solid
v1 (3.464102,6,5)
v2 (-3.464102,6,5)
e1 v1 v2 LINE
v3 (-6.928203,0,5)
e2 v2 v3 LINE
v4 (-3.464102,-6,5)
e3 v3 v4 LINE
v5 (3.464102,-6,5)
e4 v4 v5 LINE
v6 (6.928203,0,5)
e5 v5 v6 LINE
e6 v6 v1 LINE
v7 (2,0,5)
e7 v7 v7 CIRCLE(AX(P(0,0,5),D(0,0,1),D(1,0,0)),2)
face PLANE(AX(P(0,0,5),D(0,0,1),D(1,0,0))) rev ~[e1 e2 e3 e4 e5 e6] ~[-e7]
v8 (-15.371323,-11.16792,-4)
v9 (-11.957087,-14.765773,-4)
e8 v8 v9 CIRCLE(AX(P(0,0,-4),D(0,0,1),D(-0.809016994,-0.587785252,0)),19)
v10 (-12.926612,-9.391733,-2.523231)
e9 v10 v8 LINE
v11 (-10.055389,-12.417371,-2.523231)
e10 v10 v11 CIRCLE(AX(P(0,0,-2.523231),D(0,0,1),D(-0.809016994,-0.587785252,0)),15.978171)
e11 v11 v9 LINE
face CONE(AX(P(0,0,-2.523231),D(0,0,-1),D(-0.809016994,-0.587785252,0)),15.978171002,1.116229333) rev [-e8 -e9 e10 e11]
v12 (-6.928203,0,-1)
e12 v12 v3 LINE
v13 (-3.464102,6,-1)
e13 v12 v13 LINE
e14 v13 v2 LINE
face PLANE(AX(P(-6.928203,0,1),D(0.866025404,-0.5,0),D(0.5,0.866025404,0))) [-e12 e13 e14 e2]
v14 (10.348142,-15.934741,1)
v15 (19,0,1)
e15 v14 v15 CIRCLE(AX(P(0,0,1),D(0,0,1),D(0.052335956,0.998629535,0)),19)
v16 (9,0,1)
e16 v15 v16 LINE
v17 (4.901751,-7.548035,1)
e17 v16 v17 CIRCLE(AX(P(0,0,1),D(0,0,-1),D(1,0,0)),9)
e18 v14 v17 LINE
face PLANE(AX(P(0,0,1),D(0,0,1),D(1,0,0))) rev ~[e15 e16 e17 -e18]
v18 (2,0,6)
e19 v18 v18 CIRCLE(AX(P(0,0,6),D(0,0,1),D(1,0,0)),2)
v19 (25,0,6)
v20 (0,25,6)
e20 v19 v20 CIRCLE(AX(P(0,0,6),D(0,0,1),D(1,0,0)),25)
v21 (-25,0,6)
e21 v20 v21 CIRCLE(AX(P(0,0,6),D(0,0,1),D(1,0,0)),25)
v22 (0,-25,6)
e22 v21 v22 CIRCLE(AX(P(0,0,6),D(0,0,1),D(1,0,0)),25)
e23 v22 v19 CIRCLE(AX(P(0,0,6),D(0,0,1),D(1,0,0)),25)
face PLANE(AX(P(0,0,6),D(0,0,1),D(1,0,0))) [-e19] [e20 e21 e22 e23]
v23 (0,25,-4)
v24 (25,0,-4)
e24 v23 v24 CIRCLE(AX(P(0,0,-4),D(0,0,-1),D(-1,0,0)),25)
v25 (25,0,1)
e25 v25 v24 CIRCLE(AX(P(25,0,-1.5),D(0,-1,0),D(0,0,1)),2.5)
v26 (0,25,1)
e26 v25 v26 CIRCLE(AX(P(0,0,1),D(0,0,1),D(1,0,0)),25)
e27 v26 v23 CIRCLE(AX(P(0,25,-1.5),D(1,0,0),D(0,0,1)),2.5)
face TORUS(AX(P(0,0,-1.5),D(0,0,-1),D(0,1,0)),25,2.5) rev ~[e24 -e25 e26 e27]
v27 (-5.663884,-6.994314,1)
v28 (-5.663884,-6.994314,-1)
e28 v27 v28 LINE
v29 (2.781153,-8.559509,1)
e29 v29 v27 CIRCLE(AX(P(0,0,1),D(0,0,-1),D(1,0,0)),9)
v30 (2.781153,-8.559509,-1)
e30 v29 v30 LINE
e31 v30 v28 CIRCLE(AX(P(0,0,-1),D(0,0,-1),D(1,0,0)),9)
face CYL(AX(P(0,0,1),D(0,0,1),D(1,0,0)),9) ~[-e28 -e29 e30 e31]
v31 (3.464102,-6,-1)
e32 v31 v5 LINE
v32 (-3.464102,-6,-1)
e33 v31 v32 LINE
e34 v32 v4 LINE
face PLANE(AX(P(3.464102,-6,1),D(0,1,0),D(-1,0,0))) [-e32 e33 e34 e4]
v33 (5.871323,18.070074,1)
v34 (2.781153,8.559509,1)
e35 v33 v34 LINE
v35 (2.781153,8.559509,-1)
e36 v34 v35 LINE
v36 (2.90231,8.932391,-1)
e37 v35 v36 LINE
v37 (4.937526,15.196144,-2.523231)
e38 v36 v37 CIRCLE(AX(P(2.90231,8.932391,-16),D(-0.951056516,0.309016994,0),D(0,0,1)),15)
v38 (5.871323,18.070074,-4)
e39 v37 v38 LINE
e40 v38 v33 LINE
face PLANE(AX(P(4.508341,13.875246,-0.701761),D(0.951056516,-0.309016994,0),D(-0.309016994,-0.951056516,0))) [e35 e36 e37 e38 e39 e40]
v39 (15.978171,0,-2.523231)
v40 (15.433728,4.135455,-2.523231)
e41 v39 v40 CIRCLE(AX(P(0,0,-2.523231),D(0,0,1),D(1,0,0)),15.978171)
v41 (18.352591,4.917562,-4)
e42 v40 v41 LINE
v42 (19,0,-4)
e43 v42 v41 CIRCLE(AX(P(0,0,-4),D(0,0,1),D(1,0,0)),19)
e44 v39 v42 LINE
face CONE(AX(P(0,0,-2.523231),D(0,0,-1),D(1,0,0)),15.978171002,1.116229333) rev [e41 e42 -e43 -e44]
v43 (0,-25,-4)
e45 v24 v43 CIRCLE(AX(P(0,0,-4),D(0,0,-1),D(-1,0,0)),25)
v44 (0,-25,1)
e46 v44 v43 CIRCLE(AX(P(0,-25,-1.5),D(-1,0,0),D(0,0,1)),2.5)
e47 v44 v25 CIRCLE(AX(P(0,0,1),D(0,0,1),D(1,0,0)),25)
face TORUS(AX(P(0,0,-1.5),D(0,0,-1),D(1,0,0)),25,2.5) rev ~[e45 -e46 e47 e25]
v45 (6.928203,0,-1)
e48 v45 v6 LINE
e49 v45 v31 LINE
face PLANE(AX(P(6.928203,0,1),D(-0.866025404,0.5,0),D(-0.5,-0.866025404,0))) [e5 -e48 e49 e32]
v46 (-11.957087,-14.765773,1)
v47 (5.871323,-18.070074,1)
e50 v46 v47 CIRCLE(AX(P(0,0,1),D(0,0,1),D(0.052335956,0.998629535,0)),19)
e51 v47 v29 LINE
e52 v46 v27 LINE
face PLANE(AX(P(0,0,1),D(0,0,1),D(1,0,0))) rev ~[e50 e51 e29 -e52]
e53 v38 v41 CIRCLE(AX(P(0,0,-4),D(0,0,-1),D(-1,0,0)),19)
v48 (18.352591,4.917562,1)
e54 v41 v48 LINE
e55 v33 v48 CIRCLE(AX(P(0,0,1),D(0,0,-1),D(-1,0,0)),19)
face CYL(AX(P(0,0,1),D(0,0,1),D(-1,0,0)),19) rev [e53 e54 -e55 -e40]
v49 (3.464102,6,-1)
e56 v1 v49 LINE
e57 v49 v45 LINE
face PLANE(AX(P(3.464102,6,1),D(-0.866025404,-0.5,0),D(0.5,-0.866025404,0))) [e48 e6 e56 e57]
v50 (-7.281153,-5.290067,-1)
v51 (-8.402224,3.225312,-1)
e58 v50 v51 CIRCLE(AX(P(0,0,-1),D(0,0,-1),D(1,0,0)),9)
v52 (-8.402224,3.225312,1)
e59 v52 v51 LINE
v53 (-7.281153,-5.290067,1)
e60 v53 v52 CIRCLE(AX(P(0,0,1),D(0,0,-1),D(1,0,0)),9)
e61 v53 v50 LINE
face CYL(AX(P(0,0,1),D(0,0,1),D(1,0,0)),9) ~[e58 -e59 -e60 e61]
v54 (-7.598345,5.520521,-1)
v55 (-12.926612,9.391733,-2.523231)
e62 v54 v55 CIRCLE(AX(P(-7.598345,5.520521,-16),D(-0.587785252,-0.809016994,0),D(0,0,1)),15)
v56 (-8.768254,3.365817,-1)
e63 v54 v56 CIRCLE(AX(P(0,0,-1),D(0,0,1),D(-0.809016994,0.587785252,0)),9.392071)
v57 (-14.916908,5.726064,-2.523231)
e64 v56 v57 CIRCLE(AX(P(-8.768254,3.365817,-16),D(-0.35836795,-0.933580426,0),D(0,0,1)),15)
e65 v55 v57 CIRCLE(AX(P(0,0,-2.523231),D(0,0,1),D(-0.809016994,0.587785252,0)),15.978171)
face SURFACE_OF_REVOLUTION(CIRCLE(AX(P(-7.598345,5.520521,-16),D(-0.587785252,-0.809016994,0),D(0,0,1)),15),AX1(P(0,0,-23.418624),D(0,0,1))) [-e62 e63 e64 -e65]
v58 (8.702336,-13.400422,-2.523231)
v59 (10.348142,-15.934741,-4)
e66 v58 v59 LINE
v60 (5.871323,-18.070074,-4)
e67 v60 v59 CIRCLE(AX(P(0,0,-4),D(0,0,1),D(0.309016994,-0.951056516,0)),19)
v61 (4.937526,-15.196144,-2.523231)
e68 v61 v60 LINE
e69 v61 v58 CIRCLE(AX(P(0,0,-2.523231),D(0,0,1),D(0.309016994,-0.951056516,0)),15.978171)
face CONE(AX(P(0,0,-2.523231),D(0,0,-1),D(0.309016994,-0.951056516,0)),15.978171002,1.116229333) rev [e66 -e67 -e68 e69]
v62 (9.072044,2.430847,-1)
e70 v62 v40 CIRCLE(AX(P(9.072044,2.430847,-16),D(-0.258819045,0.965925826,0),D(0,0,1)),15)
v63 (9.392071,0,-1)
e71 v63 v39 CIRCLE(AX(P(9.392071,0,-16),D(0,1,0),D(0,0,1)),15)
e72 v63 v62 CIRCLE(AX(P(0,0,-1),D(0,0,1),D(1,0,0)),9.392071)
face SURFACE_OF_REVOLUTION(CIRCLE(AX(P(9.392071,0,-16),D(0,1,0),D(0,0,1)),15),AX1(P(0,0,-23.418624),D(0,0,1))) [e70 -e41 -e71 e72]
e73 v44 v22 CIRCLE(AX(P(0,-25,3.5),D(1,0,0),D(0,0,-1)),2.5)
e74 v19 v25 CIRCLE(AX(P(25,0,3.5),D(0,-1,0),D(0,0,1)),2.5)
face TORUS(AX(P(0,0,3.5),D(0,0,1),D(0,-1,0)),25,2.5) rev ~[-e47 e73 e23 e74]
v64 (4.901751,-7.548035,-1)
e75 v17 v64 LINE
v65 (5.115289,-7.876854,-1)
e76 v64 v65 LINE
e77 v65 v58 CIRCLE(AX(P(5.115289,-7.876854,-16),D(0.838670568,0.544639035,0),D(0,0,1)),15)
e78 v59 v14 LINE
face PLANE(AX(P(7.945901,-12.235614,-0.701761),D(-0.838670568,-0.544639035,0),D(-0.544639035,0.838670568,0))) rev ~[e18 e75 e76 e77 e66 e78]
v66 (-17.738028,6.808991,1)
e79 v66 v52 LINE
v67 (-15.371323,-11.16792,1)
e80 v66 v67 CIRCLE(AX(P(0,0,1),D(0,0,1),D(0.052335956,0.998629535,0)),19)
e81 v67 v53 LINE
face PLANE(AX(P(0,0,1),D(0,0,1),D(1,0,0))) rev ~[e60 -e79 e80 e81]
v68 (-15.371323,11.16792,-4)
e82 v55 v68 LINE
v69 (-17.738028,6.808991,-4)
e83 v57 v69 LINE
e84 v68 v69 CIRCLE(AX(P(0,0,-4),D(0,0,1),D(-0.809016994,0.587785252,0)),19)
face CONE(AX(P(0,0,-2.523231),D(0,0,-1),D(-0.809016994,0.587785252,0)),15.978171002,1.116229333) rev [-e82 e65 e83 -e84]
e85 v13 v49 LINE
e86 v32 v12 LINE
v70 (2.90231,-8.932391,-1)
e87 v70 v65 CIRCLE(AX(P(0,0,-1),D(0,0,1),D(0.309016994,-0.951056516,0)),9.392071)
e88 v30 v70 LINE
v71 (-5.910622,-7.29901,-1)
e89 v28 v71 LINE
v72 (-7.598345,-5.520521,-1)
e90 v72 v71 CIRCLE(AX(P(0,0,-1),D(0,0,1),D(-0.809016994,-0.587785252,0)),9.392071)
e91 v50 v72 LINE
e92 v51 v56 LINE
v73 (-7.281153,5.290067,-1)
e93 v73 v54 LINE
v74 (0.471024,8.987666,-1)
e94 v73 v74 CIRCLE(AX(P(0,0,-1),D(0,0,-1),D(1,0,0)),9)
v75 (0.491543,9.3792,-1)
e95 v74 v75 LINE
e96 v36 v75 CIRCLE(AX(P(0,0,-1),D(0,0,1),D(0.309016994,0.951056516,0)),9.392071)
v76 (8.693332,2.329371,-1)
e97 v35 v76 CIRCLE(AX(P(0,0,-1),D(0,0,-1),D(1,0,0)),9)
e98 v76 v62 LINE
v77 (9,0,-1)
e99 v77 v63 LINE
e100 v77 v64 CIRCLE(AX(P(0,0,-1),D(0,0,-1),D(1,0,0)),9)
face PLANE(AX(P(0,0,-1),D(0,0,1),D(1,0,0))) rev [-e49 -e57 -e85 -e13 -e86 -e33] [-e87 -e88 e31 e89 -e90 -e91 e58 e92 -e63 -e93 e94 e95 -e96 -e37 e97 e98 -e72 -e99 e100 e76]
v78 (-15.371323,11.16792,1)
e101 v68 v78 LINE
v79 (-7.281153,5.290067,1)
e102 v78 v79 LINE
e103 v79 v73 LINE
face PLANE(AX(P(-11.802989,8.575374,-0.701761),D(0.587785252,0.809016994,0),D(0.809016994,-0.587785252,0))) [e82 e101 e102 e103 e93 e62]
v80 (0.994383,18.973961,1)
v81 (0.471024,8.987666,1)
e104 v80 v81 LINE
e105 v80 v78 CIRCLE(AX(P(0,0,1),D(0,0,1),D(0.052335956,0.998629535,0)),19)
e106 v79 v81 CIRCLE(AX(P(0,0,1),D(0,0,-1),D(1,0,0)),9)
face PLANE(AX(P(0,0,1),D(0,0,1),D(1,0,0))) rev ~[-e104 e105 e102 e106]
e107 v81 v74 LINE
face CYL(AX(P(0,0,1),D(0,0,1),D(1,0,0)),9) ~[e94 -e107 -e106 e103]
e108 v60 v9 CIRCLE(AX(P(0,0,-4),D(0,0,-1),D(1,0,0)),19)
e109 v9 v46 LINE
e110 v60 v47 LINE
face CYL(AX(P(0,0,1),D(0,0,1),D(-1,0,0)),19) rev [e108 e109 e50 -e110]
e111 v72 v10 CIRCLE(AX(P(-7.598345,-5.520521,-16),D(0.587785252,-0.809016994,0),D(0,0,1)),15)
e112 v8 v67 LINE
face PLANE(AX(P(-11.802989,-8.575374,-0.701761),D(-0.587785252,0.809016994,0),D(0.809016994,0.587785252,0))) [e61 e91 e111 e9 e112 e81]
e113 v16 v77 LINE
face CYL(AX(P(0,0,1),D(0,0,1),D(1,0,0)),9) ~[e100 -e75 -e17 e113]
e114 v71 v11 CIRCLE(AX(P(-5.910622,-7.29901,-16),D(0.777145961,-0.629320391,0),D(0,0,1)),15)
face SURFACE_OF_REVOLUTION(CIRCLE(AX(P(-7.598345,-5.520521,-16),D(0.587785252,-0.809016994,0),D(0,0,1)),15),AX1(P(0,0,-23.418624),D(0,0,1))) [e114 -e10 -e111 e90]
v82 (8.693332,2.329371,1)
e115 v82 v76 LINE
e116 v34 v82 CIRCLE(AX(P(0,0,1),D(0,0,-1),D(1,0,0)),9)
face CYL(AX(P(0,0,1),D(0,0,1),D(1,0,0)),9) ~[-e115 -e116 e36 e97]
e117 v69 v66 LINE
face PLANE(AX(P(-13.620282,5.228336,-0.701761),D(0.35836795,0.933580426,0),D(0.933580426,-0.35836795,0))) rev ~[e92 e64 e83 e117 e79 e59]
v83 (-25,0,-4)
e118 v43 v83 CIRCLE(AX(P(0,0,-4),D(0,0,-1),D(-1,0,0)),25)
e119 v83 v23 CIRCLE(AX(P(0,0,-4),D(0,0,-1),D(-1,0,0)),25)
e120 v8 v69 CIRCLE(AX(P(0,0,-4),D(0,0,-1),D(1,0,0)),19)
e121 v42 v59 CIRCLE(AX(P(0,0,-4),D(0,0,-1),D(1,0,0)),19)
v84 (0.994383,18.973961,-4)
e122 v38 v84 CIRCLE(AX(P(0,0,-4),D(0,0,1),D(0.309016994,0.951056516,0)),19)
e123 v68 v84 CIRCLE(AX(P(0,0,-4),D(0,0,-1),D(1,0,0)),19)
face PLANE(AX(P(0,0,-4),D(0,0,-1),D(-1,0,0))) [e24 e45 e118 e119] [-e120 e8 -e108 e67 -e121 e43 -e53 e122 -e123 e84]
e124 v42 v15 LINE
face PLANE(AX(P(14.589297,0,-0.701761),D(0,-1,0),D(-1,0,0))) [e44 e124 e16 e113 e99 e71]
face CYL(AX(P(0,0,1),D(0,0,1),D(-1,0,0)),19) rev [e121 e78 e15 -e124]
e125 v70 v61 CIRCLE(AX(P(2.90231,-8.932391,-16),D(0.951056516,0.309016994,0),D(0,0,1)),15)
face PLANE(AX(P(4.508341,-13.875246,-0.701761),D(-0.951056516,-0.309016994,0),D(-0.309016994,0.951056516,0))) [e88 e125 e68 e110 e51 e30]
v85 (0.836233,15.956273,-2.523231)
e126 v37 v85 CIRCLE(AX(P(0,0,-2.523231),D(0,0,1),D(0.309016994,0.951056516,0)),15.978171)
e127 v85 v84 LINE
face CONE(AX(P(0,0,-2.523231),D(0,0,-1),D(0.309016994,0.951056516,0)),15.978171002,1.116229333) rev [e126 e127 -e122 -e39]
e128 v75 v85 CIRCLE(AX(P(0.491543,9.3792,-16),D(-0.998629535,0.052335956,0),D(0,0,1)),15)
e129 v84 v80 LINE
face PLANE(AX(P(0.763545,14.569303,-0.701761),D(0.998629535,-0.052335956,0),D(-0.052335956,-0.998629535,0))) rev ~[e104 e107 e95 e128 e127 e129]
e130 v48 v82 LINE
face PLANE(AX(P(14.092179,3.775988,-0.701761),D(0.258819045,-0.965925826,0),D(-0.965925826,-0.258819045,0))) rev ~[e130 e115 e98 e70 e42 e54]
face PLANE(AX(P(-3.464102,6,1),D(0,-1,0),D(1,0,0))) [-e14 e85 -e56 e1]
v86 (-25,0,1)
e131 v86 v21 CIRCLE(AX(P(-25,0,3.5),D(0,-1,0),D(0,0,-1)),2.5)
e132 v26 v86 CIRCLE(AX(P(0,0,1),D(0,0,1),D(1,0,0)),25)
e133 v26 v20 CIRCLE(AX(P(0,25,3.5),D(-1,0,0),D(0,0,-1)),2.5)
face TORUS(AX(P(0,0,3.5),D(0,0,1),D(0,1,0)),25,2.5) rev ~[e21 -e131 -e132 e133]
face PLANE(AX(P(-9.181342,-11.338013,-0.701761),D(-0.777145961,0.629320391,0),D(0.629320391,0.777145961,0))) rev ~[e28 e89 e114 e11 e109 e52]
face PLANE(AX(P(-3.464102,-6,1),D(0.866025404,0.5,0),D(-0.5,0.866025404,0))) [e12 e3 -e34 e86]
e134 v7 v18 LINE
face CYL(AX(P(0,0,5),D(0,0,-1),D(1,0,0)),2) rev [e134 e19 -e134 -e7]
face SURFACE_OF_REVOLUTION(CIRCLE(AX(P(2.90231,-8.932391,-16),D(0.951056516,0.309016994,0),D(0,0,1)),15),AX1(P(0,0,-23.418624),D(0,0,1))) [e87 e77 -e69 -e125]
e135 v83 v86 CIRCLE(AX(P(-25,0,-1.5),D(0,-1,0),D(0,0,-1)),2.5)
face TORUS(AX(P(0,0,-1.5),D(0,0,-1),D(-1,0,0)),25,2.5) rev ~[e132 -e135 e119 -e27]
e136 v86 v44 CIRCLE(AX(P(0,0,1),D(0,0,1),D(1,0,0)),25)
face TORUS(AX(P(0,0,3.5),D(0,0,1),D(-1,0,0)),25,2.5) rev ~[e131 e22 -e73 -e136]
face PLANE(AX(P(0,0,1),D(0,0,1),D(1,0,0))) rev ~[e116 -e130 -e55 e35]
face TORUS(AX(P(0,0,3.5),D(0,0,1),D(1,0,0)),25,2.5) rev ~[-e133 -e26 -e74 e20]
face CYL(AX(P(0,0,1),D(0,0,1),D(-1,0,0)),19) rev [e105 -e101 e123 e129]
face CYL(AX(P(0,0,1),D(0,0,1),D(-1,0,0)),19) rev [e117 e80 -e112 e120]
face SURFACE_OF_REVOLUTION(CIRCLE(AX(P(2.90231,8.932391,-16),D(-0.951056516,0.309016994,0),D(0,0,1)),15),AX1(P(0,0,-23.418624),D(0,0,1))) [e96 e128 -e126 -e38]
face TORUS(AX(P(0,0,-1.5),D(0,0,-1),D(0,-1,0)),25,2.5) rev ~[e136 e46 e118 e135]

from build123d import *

# Parameters (mm, degrees)
EXTRUDE_START            = 1
SKETCH_1_R               = 25
EXTRUDE_1_DEPTH          = 4
SKETCH_4_R               = 25
SKETCH_4_R_2             = 2
EXTRUDE_3_DEPTH          = 1
SKETCH_6_R               = 2.5
SKETCH_8_R               = 25
SKETCH_8_R_2             = 19
EXTRUDE_4_DEPTH          = 5
SKETCH_11_R              = 9
EXTRUDE_6_DEPTH          = 2
REVOLVE_1_ANGLE          = 15
PATTERN_CIRCULAR_1_COUNT = 5
SKETCH_13_R              = 2.5


with BuildPart() as part:
    # 草图1 → 凸台-拉伸1 (new body)
    with BuildSketch(Plane.XY.offset(EXTRUDE_START)):
        Circle(SKETCH_1_R)
        Polygon((3.464101615, 6), (-3.464101615, 6), (-6.92820323, 0), (-3.464101615, -6), (3.464101615, -6), (6.92820323, 0), align=None, mode=Mode.SUBTRACT)
    extrude(amount=EXTRUDE_1_DEPTH)

    # 草图4 → 凸台-拉伸3 (add)
    with BuildSketch(Plane.XY.offset(5)):
        Circle(SKETCH_4_R)
        Circle(SKETCH_4_R_2, mode=Mode.SUBTRACT)
    extrude(amount=EXTRUDE_3_DEPTH)

    # 切除-扫描1: sweep along a curve in space
    with BuildLine() as sweep_1_path:
        ThreePointArc((25, 0, 1), (17.67766953, 17.67766953, 1), (0, 25, 1))
        ThreePointArc((0, 25, 1), (-17.67766953, 17.67766953, 1), (-25, 0, 1))
        ThreePointArc((-25, 0, 1), (-17.67766953, -17.67766953, 1), (0, -25, 1))
        ThreePointArc((0, -25, 1), (17.67766953, -17.67766953, 1), (25, 0, 1))
    # 草图6 → 切除-扫描1 (sweep, cut)
    with BuildSketch(Plane(origin=(0, 0, 0), x_dir=(1, 0, 0), z_dir=(0, 1, 0))):
        with Locations((-25, -3.5)):
            Circle(SKETCH_6_R)
    sweep(path=sweep_1_path.line, mode=Mode.SUBTRACT)

    # 草图8 → 凸台-拉伸4 (add)
    with BuildSketch(Plane(origin=(0, 0, 1), x_dir=(-1, 0, 0), z_dir=(0, 0, -1))):
        Circle(SKETCH_8_R)
        Circle(SKETCH_8_R_2, mode=Mode.SUBTRACT)
    extrude(amount=EXTRUDE_4_DEPTH)

    # 草图11 → 凸台-拉伸6 (add)
    with BuildSketch(Plane(origin=(0, 0, 1), x_dir=(-1, 0, 0), z_dir=(0, 0, -1))):
        with Locations(Location((0, 0, 0), (0, 0, 180))):
            Circle(SKETCH_11_R)
        Polygon((-3.464101615, 6), (-6.92820323, 0), (-3.464101615, -6), (3.464101615, -6), (6.92820323, 0), (3.464101615, 6), align=None, mode=Mode.SUBTRACT)
    extrude(amount=EXTRUDE_6_DEPTH)

    # 草图12 → 旋转1 (revolve)
    with BuildSketch(Plane(origin=(0, 0, 0), x_dir=(1, 0, 0), z_dir=(0, 1, 0))):
        with BuildLine():
            Line((19, 4), (19, -1))
            Line((19, -1), (9, -1))
            Line((9, -1), (9, 1))
            Line((9, 1), (9.392071205, 1))
            ThreePointArc((9.392071205, 1), (12.772046971, 1.385768449), (15.978171002, 2.52323149))
            Line((15.978171002, 2.52323149), (19, 4))
        make_face()
    revolve_1 = revolve(axis=Axis((0, 0, -23.418623899), (0, 0, 1)), revolution_arc=REVOLVE_1_ANGLE)

    # 阵列(圆周)1: 旋转1 ×5 about axis
    pattern_circular_1_axis = Axis((0, 0, 0), (0, 0, 1))
    for i in range(1, PATTERN_CIRCULAR_1_COUNT):
        add(revolve_1.rotate(pattern_circular_1_axis, i * 360 / PATTERN_CIRCULAR_1_COUNT))

    # 切除-扫描2: sweep along a curve in space
    with BuildLine() as sweep_2_path:
        ThreePointArc((-25, 0, -4), (-17.67766953, 17.67766953, -4), (0, 25, -4))
        ThreePointArc((0, 25, -4), (17.67766953, 17.67766953, -4), (25, 0, -4))
        ThreePointArc((25, 0, -4), (17.67766953, -17.67766953, -4), (0, -25, -4))
        ThreePointArc((0, -25, -4), (-17.67766953, -17.67766953, -4), (-25, 0, -4))
    # 草图13 → 切除-扫描2 (sweep, cut)
    with BuildSketch(Plane(origin=(0, 0, 0), x_dir=(1, 0, 0), z_dir=(0, 1, 0))):
        with Locations((-25, 1.5)):
            Circle(SKETCH_13_R)
    sweep(path=sweep_2_path.line, mode=Mode.SUBTRACT)


solid = part.part
